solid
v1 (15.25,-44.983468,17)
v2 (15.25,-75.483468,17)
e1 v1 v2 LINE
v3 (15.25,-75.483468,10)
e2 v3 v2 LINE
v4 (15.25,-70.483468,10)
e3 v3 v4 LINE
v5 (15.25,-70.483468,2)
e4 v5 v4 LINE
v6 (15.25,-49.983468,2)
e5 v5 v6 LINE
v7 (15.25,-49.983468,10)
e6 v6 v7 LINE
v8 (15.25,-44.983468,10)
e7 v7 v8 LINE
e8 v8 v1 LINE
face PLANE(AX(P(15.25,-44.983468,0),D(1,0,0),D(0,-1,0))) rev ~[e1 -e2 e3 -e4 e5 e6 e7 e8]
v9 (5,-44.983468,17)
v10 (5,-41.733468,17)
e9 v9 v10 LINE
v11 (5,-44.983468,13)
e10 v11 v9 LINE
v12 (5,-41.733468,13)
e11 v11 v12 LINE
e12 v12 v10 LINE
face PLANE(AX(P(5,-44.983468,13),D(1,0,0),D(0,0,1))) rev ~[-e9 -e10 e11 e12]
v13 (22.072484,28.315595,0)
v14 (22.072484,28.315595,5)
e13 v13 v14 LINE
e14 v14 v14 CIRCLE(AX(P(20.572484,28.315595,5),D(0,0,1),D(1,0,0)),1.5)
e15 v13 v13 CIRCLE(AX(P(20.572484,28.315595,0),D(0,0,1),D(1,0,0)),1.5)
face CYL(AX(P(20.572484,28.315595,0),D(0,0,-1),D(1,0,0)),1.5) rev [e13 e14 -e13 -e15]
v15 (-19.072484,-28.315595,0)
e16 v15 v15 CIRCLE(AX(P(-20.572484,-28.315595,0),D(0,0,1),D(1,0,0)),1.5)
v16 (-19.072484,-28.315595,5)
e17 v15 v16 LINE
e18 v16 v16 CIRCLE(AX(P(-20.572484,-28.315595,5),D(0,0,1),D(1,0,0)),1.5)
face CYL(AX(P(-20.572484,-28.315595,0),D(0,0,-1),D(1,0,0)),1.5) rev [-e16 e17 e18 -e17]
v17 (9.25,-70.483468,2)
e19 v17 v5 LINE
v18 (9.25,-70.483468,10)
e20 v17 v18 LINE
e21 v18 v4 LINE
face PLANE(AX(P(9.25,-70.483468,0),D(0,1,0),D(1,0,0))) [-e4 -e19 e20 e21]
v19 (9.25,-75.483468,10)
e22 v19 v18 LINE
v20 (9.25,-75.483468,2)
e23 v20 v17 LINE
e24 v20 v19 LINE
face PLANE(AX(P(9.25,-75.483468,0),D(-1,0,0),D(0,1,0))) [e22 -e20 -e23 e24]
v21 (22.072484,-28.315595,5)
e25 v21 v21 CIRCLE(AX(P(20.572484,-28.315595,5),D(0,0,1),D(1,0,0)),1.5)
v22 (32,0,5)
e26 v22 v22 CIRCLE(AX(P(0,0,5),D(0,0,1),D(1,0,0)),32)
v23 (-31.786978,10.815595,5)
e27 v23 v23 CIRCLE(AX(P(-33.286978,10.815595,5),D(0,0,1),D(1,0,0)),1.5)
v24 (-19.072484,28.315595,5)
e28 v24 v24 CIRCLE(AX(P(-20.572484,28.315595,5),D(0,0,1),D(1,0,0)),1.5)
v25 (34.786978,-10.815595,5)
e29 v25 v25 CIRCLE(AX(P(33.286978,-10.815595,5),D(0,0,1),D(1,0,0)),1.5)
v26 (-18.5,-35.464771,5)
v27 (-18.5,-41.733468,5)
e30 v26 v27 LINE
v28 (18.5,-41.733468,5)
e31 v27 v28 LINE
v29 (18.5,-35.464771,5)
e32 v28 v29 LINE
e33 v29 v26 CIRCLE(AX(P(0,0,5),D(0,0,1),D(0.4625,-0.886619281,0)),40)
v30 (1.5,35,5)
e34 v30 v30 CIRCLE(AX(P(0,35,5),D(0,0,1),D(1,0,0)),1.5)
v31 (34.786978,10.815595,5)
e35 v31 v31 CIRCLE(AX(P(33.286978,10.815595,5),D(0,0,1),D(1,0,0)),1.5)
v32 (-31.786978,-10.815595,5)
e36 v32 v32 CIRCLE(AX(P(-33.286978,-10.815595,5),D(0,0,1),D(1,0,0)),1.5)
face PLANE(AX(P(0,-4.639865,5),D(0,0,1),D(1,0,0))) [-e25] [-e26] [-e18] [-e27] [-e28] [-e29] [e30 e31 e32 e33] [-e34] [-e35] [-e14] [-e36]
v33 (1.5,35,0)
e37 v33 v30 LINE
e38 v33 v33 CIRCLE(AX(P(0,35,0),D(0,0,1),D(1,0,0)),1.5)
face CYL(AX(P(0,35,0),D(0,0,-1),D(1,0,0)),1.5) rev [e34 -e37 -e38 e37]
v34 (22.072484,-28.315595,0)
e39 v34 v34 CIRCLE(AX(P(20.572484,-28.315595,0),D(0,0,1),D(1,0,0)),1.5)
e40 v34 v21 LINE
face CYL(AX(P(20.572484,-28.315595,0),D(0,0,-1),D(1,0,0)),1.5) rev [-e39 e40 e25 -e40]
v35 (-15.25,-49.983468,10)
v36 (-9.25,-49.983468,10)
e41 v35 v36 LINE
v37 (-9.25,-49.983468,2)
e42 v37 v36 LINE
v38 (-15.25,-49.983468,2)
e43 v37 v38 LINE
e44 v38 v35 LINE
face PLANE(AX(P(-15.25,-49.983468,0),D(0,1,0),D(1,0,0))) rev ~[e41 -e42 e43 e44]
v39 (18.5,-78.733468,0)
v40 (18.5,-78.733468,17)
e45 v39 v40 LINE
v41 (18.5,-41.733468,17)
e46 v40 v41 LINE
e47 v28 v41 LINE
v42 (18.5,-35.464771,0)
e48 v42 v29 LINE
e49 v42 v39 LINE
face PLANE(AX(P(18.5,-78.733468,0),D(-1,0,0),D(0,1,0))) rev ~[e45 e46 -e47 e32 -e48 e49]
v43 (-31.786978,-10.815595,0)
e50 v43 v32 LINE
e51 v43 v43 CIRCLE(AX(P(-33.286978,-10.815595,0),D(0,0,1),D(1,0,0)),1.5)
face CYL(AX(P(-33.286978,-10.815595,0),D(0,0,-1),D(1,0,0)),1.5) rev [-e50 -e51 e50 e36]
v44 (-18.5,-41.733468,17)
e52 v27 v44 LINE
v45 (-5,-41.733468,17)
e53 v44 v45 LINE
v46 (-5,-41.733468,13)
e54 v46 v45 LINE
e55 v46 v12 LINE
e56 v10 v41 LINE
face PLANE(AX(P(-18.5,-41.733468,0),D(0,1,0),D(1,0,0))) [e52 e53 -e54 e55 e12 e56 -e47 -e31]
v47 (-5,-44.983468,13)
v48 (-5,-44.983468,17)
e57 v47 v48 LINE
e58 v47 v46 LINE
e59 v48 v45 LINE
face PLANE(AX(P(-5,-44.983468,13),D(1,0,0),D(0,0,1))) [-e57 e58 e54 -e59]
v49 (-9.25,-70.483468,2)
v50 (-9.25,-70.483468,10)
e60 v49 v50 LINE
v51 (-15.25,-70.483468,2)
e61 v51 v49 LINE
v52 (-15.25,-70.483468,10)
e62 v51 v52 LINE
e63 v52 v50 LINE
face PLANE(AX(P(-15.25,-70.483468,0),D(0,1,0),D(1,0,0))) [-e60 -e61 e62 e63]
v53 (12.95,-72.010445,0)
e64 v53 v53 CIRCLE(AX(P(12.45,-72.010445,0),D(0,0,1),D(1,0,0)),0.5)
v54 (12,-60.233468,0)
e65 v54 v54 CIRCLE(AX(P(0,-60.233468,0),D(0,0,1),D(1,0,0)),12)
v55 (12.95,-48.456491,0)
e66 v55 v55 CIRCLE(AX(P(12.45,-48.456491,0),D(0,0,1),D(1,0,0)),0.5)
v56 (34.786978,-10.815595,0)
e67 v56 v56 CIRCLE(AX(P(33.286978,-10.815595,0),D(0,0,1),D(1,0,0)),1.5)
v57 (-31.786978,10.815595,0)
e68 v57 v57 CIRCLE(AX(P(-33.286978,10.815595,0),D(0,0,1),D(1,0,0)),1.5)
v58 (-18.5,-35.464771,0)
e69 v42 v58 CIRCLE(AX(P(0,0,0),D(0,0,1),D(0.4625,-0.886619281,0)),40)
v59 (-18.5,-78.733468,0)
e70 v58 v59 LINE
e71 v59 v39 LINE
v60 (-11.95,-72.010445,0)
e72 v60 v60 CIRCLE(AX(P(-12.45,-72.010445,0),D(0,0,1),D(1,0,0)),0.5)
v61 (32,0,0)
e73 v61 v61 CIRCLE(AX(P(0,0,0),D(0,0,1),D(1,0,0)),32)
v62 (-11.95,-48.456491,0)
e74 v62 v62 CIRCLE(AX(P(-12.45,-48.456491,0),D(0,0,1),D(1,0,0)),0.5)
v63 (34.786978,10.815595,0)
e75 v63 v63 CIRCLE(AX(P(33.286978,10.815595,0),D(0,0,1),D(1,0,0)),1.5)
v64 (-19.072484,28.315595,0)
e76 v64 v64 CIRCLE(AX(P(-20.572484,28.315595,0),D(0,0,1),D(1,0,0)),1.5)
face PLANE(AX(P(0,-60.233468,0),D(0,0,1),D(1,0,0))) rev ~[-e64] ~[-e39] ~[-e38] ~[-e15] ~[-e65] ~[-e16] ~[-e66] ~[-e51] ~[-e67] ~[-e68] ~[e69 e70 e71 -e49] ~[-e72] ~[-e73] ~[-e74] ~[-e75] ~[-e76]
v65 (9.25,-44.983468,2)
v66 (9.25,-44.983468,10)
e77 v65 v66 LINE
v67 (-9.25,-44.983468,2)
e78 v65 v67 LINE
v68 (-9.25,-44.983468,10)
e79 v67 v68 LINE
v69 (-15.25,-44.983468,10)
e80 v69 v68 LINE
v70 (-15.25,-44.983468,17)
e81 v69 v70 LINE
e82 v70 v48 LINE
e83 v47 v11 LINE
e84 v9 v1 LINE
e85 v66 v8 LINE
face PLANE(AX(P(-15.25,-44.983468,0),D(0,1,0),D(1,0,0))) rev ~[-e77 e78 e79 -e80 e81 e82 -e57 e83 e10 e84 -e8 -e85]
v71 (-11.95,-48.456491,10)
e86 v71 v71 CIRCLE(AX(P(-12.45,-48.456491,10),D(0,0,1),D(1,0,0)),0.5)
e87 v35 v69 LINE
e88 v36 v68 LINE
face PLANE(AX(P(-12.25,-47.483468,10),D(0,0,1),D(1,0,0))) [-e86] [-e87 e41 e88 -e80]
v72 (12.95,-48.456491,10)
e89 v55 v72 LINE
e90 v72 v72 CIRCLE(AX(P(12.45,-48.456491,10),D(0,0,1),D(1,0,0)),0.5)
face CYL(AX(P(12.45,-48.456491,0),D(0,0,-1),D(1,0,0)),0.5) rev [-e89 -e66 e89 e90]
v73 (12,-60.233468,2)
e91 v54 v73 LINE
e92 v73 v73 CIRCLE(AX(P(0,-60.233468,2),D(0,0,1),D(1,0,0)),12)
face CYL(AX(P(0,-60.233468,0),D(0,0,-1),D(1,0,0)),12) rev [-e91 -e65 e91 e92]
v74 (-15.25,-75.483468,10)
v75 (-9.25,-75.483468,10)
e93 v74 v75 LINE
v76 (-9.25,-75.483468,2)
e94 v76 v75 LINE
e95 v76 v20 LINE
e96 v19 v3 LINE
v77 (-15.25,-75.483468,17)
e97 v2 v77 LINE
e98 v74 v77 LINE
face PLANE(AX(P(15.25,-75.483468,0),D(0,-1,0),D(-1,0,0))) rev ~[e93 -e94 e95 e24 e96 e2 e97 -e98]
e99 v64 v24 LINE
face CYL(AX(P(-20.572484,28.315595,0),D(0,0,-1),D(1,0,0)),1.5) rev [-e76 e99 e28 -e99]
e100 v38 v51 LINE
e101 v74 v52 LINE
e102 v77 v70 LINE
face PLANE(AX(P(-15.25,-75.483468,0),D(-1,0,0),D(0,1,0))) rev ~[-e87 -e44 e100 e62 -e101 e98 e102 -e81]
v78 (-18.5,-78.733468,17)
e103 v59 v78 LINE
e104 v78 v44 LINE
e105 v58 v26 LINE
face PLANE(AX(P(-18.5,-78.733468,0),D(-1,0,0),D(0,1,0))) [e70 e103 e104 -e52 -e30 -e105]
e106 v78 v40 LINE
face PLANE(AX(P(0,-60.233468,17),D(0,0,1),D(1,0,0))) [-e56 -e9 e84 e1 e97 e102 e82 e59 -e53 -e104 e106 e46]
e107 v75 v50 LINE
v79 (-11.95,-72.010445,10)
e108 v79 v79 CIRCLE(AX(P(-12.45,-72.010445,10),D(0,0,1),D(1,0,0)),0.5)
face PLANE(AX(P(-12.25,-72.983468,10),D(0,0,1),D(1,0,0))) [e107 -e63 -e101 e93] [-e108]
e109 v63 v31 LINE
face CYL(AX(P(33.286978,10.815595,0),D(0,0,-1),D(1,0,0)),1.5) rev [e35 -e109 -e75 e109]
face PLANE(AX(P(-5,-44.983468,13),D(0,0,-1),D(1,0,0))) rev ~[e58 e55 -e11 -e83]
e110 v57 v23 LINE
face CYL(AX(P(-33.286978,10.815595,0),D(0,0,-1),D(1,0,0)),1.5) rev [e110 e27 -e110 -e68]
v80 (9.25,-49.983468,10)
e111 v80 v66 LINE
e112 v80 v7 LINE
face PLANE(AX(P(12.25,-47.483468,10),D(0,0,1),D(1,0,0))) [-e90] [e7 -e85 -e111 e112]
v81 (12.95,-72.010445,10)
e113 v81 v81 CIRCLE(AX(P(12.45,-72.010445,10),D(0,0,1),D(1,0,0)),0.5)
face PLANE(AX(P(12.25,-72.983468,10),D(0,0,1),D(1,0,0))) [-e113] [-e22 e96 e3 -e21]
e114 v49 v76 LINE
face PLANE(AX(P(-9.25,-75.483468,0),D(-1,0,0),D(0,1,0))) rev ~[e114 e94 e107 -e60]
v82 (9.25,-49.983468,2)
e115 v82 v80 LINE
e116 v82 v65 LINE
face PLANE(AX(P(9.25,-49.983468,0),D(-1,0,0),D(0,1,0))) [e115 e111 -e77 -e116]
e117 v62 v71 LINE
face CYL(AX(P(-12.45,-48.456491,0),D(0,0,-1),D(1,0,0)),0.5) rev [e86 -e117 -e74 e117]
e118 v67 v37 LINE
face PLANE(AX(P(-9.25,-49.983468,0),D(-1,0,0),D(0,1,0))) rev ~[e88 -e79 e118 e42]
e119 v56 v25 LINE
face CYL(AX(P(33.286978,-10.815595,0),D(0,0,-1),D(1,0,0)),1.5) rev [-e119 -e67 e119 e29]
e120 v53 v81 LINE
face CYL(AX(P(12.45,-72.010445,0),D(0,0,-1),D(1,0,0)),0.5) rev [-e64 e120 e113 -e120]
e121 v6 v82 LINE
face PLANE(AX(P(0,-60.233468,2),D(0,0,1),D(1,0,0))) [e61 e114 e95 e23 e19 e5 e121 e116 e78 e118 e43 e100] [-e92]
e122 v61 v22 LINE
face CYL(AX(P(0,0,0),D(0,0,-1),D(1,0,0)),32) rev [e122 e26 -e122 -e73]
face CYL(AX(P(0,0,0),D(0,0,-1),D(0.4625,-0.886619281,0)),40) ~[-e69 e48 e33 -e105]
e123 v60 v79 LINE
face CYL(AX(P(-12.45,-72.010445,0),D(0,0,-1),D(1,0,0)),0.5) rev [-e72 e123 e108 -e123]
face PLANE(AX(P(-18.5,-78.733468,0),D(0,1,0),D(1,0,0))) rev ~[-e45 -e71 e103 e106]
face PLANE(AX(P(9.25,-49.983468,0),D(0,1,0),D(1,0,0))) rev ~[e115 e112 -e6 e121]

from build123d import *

# Parameters (mm, degrees)
SKETCH1_R           = 1.5
SKETCH1_R_2         = 32
BOSS_EXTRUDE1_DEPTH = 5
SKETCH1_31_R        = 12
BOSS_EXTRUDE2_DEPTH = 2
SKETCH1_32_W        = 6
SKETCH1_32_H        = 5
SKETCH1_32_R        = 0.5
BOSS_EXTRUDE3_DEPTH = 10
SKETCH1_33_W        = 37
SKETCH1_33_H        = 37
BOSS_EXTRUDE4_DEPTH = 17
SKETCH2_W           = 10
SKETCH2_H           = 4
CUT_EXTRUDE1_DEPTH  = 3.25


with BuildPart() as part:
    # Sketch1 → Boss-Extrude1 (new body)
    with BuildSketch(Plane.XY):
        with BuildLine():
            Line((-18.5, -41.733467654), (18.5, -41.733467654))
            Line((18.5, -41.733467654), (18.5, -35.464771253))
            ThreePointArc((18.5, -35.464771253), (0, 40), (-18.5, -35.464771253))
            Line((-18.5, -35.464771253), (-18.5, -41.733467654))
        make_face()
        with Locations((-20.57248383, -28.315594803)):
            Circle(SKETCH1_R, mode=Mode.SUBTRACT)
        with Locations((20.57248383, -28.315594803)):
            Circle(SKETCH1_R, mode=Mode.SUBTRACT)
        with Locations((-33.28697807, -10.815594803)):
            Circle(SKETCH1_R, mode=Mode.SUBTRACT)
        with Locations((-33.28697807, 10.815594803)):
            Circle(SKETCH1_R, mode=Mode.SUBTRACT)
        with Locations((-20.57248383, 28.315594803)):
            Circle(SKETCH1_R, mode=Mode.SUBTRACT)
        Circle(SKETCH1_R_2, mode=Mode.SUBTRACT)
        with Locations((33.28697807, -10.815594803)):
            Circle(SKETCH1_R, mode=Mode.SUBTRACT)
        with Locations((0, 35)):
            Circle(SKETCH1_R, mode=Mode.SUBTRACT)
        with Locations((33.28697807, 10.815594803)):
            Circle(SKETCH1_R, mode=Mode.SUBTRACT)
        with Locations((20.57248383, 28.315594803)):
            Circle(SKETCH1_R, mode=Mode.SUBTRACT)
    extrude(amount=BOSS_EXTRUDE1_DEPTH)



with BuildPart() as body_2:
    # Sketch1<31> → Boss-Extrude2 (new body)
    with BuildSketch(Plane.XY):
        Polygon((9.25, -49.983467654), (9.25, -44.983467654), (-9.25, -44.983467654), (-9.25, -49.983467654), (-15.25, -49.983467654), (-15.25, -70.483467654), (-9.25, -70.483467654), (-9.25, -75.483467654), (9.25, -75.483467654), (9.25, -70.483467654), (15.25, -70.483467654), (15.25, -49.983467654), align=None)
        with Locations((0, -60.233467654)):
            Circle(SKETCH1_31_R, mode=Mode.SUBTRACT)
    extrude(amount=BOSS_EXTRUDE2_DEPTH)

    # Sketch1<32> → Boss-Extrude3 (add)
    # profile 1 of 4: a face of its own
    with BuildSketch(Plane.XY):
        with Locations((-12.25, -47.483467654)):
            Rectangle(SKETCH1_32_W, SKETCH1_32_H)
        with Locations((-12.45, -48.456490694)):
            Circle(SKETCH1_32_R, mode=Mode.SUBTRACT)
    # profile 2 of 4: a face of its own
    with BuildSketch(Plane.XY):
        with Locations((12.25, -47.483467654)):
            Rectangle(SKETCH1_32_W, SKETCH1_32_H)
        with Locations((12.45, -48.456490694)):
            Circle(SKETCH1_32_R, mode=Mode.SUBTRACT)
    # profile 3 of 4: a face of its own
    with BuildSketch(Plane.XY):
        with Locations((12.25, -72.983467654)):
            Rectangle(SKETCH1_32_W, SKETCH1_32_H)
        with Locations((12.45, -72.010444613)):
            Circle(SKETCH1_32_R, mode=Mode.SUBTRACT)
    # profile 4 of 4: a face of its own
    with BuildSketch(Plane.XY):
        with Locations((-12.25, -72.983467654)):
            Rectangle(SKETCH1_32_W, SKETCH1_32_H)
        with Locations((-12.45, -72.010444613)):
            Circle(SKETCH1_32_R, mode=Mode.SUBTRACT)
    extrude(amount=BOSS_EXTRUDE3_DEPTH)


with BuildPart() as part_1:
    add(part.part)

    add(body_2.part)  # Boss-Extrude4 merges body 2
    # Sketch1<33> → Boss-Extrude4 (add)
    with BuildSketch(Plane.XY):
        with Locations((0, -60.233467654)):
            Rectangle(SKETCH1_33_W, SKETCH1_33_H)
        Polygon((9.25, -44.983467654), (15.25, -44.983467654), (15.25, -49.983467654), (15.25, -70.483467654), (15.25, -75.483467654), (9.25, -75.483467654), (-9.25, -75.483467654), (-15.25, -75.483467654), (-15.25, -70.483467654), (-15.25, -49.983467654), (-15.25, -44.983467654), (-9.25, -44.983467654), align=None, mode=Mode.SUBTRACT)
    extrude(amount=BOSS_EXTRUDE4_DEPTH)

    # Sketch2 → Cut-Extrude1 (cut)
    with BuildSketch(Plane.XZ.offset(44.983467654)):
        with Locations((0, 15)):
            Rectangle(SKETCH2_W, SKETCH2_H)
    extrude(amount=-CUT_EXTRUDE1_DEPTH, mode=Mode.SUBTRACT)


solid = part_1.part
